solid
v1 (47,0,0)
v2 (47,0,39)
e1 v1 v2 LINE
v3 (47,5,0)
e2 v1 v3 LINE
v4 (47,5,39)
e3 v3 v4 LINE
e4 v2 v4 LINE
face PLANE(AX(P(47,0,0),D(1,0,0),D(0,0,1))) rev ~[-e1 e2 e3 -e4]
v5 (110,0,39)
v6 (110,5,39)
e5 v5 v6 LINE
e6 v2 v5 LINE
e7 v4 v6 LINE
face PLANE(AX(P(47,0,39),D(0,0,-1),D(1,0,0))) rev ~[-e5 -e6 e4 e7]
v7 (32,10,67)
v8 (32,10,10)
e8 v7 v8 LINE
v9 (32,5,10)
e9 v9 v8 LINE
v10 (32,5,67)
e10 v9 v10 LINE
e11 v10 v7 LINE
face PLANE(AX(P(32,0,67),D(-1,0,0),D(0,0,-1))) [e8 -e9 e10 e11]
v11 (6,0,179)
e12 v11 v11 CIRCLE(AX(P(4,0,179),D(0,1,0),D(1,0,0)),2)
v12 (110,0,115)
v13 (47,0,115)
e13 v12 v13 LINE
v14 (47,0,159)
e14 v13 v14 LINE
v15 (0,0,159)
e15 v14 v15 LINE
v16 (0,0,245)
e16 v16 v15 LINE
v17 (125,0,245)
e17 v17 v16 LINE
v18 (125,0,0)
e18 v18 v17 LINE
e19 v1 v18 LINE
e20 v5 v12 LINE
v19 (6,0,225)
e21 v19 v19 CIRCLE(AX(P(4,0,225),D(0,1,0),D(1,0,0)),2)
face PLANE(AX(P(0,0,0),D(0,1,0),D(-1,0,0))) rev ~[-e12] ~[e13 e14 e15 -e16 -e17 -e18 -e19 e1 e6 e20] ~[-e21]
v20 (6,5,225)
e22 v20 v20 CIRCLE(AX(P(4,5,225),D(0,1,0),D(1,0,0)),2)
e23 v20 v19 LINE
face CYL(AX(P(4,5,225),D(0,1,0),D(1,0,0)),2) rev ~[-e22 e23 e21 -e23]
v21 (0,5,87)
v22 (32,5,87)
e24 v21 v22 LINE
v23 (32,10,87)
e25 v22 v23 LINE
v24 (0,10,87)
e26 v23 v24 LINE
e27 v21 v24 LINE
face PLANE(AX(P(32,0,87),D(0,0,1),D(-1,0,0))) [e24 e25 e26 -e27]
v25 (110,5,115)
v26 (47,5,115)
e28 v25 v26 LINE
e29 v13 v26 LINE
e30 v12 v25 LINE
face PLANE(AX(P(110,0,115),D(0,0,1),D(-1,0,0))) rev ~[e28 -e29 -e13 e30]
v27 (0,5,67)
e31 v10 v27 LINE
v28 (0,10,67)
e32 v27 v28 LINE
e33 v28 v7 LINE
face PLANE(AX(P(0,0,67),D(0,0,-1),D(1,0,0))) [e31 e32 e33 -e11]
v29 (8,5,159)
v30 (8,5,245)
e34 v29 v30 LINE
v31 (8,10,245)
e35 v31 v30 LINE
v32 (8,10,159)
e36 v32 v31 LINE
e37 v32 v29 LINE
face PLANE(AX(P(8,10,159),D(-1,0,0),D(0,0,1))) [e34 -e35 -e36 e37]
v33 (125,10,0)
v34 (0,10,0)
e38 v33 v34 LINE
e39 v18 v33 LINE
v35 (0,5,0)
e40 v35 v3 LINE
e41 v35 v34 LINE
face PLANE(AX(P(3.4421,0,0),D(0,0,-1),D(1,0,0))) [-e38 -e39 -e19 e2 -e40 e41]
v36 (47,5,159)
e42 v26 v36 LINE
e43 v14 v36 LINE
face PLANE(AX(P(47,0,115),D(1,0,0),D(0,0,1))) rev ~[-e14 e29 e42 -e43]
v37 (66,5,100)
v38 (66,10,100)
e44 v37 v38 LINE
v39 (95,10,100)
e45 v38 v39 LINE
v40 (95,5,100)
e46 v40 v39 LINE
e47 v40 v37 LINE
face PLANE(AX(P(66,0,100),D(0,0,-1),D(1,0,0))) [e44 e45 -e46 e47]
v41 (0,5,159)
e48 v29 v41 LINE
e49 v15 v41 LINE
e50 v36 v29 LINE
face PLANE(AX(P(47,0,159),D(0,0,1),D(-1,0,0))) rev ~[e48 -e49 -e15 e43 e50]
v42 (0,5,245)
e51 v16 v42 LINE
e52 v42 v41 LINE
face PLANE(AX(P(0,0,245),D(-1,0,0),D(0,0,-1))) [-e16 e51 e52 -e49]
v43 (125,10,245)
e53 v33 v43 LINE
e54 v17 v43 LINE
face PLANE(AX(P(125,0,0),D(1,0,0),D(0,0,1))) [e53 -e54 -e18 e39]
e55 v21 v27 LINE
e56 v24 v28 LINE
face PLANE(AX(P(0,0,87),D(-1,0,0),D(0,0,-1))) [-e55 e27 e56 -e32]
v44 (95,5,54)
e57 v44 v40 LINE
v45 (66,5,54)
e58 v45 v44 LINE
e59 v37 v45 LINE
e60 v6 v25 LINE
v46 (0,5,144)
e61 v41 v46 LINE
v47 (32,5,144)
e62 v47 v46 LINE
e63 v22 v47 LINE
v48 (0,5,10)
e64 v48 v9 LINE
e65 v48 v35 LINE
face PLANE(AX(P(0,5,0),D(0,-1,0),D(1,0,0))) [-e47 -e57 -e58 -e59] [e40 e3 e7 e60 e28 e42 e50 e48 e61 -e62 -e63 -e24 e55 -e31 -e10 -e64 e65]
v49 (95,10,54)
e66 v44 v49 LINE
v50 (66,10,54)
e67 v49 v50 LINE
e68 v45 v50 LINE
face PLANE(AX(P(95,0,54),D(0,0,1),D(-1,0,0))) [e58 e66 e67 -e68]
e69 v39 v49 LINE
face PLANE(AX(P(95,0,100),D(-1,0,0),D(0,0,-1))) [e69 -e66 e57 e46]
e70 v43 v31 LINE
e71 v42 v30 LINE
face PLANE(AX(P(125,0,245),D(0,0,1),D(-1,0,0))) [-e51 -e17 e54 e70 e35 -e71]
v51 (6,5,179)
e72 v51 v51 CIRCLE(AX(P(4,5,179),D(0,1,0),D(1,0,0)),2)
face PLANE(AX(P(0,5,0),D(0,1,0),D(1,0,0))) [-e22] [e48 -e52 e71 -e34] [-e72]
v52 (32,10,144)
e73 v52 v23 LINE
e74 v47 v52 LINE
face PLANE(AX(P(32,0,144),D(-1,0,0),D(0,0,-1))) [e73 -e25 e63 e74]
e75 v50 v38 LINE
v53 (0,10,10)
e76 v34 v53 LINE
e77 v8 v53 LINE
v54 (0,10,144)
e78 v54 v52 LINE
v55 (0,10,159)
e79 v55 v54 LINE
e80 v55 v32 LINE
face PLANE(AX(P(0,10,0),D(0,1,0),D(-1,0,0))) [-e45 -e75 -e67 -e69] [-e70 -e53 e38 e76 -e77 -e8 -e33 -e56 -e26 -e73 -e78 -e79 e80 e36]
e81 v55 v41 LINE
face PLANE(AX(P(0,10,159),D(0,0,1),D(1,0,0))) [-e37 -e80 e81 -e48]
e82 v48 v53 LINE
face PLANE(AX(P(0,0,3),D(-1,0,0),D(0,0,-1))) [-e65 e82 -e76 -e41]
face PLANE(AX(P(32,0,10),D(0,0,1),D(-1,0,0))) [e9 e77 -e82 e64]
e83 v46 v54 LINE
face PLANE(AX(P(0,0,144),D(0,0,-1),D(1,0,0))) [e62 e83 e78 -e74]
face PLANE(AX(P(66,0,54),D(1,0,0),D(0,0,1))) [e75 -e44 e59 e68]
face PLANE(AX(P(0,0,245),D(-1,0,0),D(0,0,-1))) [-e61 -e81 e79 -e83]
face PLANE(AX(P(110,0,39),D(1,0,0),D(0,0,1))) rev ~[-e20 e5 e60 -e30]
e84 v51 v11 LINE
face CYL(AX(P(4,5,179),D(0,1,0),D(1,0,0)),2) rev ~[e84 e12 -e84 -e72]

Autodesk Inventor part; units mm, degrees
ref_plane "YZ Plane" through (0, 0, 0) normal (1, 0, 0) x (0, 1, 0)
ref_plane "XZ Plane" through (0, 0, 0) normal (0, 1, 0) x (-1, 0, 0)
ref_plane "XY Plane" through (0, 0, 0) normal (0, 0, 1) x (1, 0, 0)
sketch "草图1" plane through (0, 0, 0) normal (0, 1, 0) x (-1, 0, 0)
  line L0 (-95, 54) -> (-66, 54)
  line L1 (-66, 54) -> (-66, 100)
  line L2 (-66, 100) -> (-95, 100)
  line L3 (-95, 100) -> (-95, 54)
  line L4 (-32, 144) -> (-32, 87)
  line L5 (-125, 0) -> (-125, 245)
  line L6 (-32, 87) -> (25, 87)
  line L7 (-125, 245) -> (-125, -245)
  line L8 (125, -245) -> (125, 245)
  line L9 (25, 144) -> (-32, 144)
  line L10 (-125, 245) -> (0, 245)
  line L11 (125, 245) -> (-125, 245)
  line L12 (25, 67) -> (-32, 67)
  line L13 (0, 0) -> (125, 0)
  line L14 (-32, 67) -> (-32, 10)
  line L15 (-32, 10) -> (25, 10)
  line L16 (3.5058, 0) -> (-3.4421, 0)
  line L17 (-66, -100) -> (-66, -54)
  line L18 (-95, -54) -> (-95, -100)
  line L19 (-95, -100) -> (-66, -100)
  line L20 (25, 87) -> (25, 144)
  line L21 (0, 245) -> (0, 0)
  line L22 (0, 245) -> (0, 0)
  line L23 (125, 0) -> (125, 245)
  line L24 (100, 15) -> (70, 15)
  line L25 (100, -15) -> (100, 15)
  line L26 (70, 15) -> (70, -15)
  line L27 (25, 10) -> (25, 67)
  line L28 (-125, -245) -> (125, -245)
  line L29 (-32, -87) -> (-32, -144)
  line L30 (-32, -10) -> (-32, -67)
  line L31 (25, -87) -> (-32, -87)
  line L32 (-32, -67) -> (25, -67)
  line L33 (25, -10) -> (-32, -10)
  line L34 (-32, -144) -> (25, -144)
  line L35 (-125, 0) -> (-125, -245)
  line L36 (25, -144) -> (25, -87)
  line L37 (25, -67) -> (25, -10)
  circle A0 centre (65, -182) radius 10
  line L38 (70, -15) -> (100, -15)
  line L39 (0, 0) -> (125, 0)
  line L40 (0, -245) -> (0, 0)
  line L41 (0, -245) -> (0, 0)
  line L42 (125, -245) -> (0, -245)
  line L43 (125, 0) -> (125, -245)
  line L44 (-125, -245) -> (0, -245)
  line L45 (0, 3) -> (0, -5)
  line L46 (-66, -54) -> (-95, -54)
  line L47 (0, 0) -> (-125, 0)
  line L48 (0, 0) -> (-125, 0)
  circle A1 centre (57.5, 194.9904) radius 1.5
  circle A2 centre (57.5, 169.0096) radius 1.5
  circle A3 centre (65, 182) radius 10
  circle A4 centre (65, 182) radius 15
  circle A5 centre (80, 182) radius 1.5
  line L49 (125, 245) -> (0, 245)
  circle A6 centre (65, -182) radius 15
  circle A7 centre (80, -182) radius 1.5
  circle A8 centre (57.5, -169.0096) radius 1.5
  circle A9 centre (57.5, -194.9904) radius 1.5
  point P0 (0, 144)
  point P1 (0, 10)
  point P2 (0, 67)
  point P3 (0, 87)
  dimension "d35" = 30
  dimension "d38" = 30
  dimension "d4" = 490
  dimension "d5" = 250
  dimension "d6" = 57
  dimension "d7" = 57
  dimension "d8" = 57
  dimension "d9" = 57
  dimension "d10" = 57
  dimension "d11" = 57
  dimension "d12" = 57
  dimension "d13" = 57
  dimension "d14" = 101
  dimension "d15" = 20
  dimension "d16" = 20
  dimension "d17" = 20
  dimension "d18" = 93
  dimension "d19" = 29
  dimension "d20" = 46
  dimension "d21" = 46
  dimension "d22" = 145
  dimension "d23" = 108
  dimension "d24" = 30
  dimension "d25" = 30
  dimension "d26" = 30
  dimension "d27" = 25
  dimension "d28" = 230
  dimension "d29" = 20
  dimension "d30" = 63
  dimension "d31" = 60
  dimension "d32" = 20
  dimension "d33" = 63
  dimension "d34" = 60
  dimension "d36" = 3
  dimension "d37" = 360
  dimension "d39" = 3
  dimension "d40" = 360
extrude "拉伸1" add sketch "草图1" along normal blind 10 contours L4 L6 L21 L12 L14 L15 L16 L47 L5 L10 L9
sketch "草图2" plane through (0, 0, 0) normal (0, -1, 0) x (1, 0, 0)
  line L0 (125, 0) -> (0, 0) projected
  line L1 (47, 159) -> (0, 159)
  line L2 (0, 159) -> (0, 0)
  line L3 (0, 0) -> (47, 0)
  line L4 (47, 0) -> (47, 159)
  line L5 (32, 10) -> (32, 67) projected
  line L6 (32, 144) -> (0, 144) projected
  line L7 (110, 115) -> (47, 115)
  line L8 (47, 115) -> (47, 39)
  line L9 (47, 39) -> (110, 39)
  line L10 (110, 39) -> (110, 115)
  line L11 (95, 54) -> (95, 100) projected
  line L12 (66, 100) -> (66, 54) projected
  line L13 (95, 100) -> (66, 100) projected
  line L14 (66, 54) -> (95, 54) projected
  dimension "d43" = 15
  dimension "d44" = 15
  dimension "d45" = 15
  dimension "d46" = 19
  dimension "d47" = 15
  dimension "d48" = 15
extrude "拉伸2" cut sketch "草图2" against normal blind 5
sketch "草图3" plane through (0, 10, 0) normal (0, 1, 0) x (1, 0, 0)
  line L0 (0, -159) -> (47, -159) projected
  line L1 (0, -245) -> (125, -245) projected
  line L2 (0, -159) -> (8, -159)
  line L3 (8, -159) -> (8, -245)
  line L4 (8, -245) -> (0, -245)
  line L5 (0, -245) -> (0, -159)
  point P0 (0, 0)
  dimension "d51" = 8
extrude "拉伸3" cut sketch "草图3" against normal blind 5
sketch "草图4" plane through (0, 5, 0) normal (0, 1, 0) x (1, 0, 0)
  circle A0 centre (4, -225) radius 2
  circle A1 centre (4, -179) radius 2
  line L0 (8, -159) -> (8, -245) projected
  line L1 (8, -245) -> (0, -245) projected
  line L2 (0, -159) -> (8, -159) projected
  point P0 (0, 0)
  dimension "d54" = 4
  dimension "d56" = 4
  dimension "d58" = 4
  dimension "d59" = 4
  dimension "d60" = 20
  dimension "d65" = 20
extrude "拉伸4" cut sketch "草图4" against normal blind 5
properties part number "top_3"
